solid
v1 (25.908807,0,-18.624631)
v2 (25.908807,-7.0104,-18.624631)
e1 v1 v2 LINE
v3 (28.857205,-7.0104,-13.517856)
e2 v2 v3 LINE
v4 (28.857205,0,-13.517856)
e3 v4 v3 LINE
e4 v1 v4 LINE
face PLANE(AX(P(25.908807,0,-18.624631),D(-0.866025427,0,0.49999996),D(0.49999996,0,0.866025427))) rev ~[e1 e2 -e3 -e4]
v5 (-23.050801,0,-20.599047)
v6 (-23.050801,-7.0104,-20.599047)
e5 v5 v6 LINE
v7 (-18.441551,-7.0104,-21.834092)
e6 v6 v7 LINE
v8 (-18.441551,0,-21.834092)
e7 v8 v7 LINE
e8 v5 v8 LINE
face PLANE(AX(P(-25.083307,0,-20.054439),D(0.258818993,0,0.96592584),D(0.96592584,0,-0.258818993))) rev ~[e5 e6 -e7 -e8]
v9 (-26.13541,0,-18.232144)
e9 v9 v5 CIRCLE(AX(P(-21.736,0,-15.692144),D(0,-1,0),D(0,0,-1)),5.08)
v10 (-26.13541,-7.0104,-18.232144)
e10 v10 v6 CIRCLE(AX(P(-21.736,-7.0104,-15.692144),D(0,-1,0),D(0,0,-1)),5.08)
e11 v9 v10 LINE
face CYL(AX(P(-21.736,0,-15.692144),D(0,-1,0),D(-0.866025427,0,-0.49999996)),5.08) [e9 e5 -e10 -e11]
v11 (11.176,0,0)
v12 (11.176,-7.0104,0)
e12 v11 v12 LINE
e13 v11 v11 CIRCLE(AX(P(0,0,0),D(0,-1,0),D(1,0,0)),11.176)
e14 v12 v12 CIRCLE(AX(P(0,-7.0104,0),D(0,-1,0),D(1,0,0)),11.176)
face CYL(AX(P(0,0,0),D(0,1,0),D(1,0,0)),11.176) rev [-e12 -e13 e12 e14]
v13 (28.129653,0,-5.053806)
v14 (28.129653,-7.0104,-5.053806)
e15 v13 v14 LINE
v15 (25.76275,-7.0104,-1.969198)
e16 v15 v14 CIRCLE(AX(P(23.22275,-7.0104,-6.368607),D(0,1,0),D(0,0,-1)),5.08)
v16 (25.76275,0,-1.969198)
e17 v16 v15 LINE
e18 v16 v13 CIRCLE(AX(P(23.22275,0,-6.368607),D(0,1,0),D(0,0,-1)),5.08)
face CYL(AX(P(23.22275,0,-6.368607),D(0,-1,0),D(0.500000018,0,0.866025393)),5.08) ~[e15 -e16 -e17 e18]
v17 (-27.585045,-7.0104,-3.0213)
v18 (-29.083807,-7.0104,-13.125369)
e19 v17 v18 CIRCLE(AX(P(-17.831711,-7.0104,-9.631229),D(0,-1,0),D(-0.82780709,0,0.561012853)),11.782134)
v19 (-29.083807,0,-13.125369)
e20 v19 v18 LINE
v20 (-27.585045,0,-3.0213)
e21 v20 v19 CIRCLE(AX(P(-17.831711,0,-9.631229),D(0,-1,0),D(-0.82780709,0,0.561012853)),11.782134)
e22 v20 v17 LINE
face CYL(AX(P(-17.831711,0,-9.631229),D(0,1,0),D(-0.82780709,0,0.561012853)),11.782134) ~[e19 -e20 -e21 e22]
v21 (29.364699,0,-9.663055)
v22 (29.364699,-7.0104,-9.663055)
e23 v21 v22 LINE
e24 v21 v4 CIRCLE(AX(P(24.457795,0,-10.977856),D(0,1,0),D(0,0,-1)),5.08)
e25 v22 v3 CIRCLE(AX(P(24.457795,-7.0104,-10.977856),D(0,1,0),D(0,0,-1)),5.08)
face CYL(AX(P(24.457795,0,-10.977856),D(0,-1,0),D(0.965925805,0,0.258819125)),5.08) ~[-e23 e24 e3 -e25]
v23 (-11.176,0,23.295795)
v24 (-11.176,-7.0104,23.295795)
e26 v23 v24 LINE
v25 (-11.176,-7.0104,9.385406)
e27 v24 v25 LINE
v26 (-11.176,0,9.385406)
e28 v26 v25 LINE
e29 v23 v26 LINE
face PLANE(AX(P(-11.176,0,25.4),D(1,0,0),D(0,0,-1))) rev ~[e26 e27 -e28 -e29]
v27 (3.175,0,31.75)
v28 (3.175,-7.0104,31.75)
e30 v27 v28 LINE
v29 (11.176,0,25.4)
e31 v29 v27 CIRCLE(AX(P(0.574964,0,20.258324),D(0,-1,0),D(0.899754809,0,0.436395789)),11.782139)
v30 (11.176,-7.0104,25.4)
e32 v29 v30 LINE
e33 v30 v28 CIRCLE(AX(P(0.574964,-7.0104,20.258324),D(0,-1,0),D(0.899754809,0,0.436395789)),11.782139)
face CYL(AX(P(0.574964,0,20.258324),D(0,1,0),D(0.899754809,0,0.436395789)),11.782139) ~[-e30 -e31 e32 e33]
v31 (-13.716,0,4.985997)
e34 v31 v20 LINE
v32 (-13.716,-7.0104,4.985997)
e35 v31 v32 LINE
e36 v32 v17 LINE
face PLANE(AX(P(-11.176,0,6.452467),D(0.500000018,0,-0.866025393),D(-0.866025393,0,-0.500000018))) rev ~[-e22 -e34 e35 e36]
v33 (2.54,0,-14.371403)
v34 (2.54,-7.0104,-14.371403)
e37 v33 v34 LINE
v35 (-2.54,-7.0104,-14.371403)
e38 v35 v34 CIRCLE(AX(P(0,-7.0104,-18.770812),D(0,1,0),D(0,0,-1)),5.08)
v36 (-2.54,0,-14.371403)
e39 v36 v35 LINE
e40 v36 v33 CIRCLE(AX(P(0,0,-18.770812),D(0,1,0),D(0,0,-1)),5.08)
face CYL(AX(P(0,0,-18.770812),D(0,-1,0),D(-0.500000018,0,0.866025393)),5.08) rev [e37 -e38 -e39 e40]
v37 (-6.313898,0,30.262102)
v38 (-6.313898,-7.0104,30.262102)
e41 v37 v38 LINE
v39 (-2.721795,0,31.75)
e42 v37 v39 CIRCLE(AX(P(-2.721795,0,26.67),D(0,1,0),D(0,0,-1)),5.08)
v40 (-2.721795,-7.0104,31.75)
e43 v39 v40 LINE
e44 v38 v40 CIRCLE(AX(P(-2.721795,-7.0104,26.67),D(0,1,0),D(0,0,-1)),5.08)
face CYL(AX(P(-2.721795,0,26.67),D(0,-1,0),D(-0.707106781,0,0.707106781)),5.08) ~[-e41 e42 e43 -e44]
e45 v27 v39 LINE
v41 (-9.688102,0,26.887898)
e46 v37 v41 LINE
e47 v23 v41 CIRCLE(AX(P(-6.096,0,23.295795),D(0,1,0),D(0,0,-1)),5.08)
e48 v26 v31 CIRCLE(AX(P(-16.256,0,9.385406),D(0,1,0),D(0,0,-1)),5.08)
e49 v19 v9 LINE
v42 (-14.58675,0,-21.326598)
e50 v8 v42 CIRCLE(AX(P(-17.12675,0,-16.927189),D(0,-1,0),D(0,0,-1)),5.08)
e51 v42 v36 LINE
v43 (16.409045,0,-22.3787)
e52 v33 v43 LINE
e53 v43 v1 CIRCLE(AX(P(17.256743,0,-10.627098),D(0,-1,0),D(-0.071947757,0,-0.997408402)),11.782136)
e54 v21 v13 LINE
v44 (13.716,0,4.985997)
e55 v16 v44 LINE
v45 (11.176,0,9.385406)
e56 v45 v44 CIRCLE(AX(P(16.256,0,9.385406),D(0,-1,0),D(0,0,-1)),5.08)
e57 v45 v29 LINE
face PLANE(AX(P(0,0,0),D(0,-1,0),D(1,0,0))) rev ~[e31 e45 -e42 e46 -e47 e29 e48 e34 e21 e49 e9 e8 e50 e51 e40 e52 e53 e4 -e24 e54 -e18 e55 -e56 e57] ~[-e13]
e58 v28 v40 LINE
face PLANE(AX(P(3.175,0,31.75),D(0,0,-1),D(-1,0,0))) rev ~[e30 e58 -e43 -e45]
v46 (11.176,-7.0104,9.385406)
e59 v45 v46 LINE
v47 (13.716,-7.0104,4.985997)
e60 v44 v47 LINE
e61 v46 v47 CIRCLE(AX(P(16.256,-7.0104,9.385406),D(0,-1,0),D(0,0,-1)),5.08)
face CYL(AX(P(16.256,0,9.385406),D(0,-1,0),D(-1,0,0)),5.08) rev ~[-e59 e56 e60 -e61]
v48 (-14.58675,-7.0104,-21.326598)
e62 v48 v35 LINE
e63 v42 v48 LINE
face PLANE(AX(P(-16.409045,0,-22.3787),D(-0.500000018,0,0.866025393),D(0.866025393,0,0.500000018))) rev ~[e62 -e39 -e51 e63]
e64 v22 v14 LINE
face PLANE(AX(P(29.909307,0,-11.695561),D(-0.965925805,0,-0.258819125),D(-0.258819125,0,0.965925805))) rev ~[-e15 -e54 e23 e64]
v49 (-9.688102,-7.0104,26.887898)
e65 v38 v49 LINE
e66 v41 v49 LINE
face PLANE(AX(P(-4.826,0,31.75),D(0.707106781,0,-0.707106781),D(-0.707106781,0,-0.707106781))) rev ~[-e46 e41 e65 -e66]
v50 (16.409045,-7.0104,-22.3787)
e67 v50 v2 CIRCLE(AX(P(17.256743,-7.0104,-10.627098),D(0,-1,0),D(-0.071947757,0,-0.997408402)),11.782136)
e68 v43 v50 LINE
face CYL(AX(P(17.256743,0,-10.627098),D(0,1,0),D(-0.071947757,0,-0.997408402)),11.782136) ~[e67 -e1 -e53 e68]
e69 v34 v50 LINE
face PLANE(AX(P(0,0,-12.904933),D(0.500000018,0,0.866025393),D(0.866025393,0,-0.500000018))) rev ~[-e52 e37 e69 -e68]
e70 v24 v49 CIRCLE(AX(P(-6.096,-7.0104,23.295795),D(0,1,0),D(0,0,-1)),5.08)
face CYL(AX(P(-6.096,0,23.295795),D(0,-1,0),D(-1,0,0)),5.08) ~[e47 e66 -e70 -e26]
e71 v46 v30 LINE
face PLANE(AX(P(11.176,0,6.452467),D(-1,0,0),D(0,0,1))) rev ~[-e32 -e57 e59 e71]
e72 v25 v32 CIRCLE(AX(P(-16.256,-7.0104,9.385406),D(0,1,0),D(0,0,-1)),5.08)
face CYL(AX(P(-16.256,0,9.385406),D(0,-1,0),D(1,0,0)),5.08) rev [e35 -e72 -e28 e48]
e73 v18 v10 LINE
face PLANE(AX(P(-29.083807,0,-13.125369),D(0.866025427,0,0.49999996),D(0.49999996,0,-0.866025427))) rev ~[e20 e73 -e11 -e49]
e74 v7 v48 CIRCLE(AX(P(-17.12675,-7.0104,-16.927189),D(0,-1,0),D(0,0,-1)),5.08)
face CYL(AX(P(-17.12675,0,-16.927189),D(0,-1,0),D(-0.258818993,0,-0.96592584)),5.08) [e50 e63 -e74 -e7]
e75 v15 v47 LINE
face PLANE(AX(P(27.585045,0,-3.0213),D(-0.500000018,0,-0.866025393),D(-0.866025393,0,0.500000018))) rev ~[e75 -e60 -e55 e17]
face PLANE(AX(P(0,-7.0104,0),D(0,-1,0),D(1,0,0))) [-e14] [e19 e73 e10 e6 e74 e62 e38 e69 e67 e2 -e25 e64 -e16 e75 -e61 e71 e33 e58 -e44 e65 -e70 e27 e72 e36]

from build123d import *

# Parameters (mm, degrees)
F0_R     = 11.176
F1_DEPTH = 7.0104
F2_R     = 5.08


with BuildPart() as f1:
    # F0 (on Front) → F1 (new body)
    with BuildSketch(Plane.XZ):
        with BuildLine():
            Line((-11.176, 25.4), (-11.176, 6.452467))
            Line((-11.176, 6.452467), (-27.585045, -3.0213))
            ThreePointArc((-27.585045, -3.0213), (-29.486327, -7.90247), (-29.083807, -13.125369))
            Line((-29.083807, -13.125369), (-25.083307, -20.054439))
            Line((-25.083307, -20.054439), (-16.409045, -22.3787))
            Line((-16.409045, -22.3787), (0, -12.904933))
            Line((0, -12.904933), (16.409045, -22.3787))
            ThreePointArc((16.409045, -22.3787), (21.586904, -21.584673), (25.908807, -18.624631))
            Line((25.908807, -18.624631), (29.909307, -11.695561))
            Line((29.909307, -11.695561), (27.585045, -3.0213))
            Line((27.585045, -3.0213), (11.176, 6.452467))
            Line((11.176, 6.452467), (11.176, 25.4))
            ThreePointArc((11.176, 25.4), (7.899423, 29.487143), (3.175, 31.75))
            Line((3.175, 31.75), (-4.826, 31.75))
            Line((-4.826, 31.75), (-11.176, 25.4))
        make_face()
        Circle(F0_R, mode=Mode.SUBTRACT)
    extrude(amount=F1_DEPTH)

    # F2
    f2_edges = [f1.edges().sort_by_distance(p)[0] for p in [
        (-11.176, -3.5052, 6.452467),
        (-11.176, -3.5052, 25.4),
        (11.176, -3.5052, 6.452467),
        (29.909307, -3.5052, -11.695561),
        (27.585045, -3.5052, -3.0213),
        (0, -3.5052, -12.904933),
        (-16.409045, -3.5052, -22.3787),
        (-25.083307, -3.5052, -20.054439),
        (-4.826, -3.5052, 31.75),
    ]]
    fillet(f2_edges, radius=F2_R)


solid = f1.part
